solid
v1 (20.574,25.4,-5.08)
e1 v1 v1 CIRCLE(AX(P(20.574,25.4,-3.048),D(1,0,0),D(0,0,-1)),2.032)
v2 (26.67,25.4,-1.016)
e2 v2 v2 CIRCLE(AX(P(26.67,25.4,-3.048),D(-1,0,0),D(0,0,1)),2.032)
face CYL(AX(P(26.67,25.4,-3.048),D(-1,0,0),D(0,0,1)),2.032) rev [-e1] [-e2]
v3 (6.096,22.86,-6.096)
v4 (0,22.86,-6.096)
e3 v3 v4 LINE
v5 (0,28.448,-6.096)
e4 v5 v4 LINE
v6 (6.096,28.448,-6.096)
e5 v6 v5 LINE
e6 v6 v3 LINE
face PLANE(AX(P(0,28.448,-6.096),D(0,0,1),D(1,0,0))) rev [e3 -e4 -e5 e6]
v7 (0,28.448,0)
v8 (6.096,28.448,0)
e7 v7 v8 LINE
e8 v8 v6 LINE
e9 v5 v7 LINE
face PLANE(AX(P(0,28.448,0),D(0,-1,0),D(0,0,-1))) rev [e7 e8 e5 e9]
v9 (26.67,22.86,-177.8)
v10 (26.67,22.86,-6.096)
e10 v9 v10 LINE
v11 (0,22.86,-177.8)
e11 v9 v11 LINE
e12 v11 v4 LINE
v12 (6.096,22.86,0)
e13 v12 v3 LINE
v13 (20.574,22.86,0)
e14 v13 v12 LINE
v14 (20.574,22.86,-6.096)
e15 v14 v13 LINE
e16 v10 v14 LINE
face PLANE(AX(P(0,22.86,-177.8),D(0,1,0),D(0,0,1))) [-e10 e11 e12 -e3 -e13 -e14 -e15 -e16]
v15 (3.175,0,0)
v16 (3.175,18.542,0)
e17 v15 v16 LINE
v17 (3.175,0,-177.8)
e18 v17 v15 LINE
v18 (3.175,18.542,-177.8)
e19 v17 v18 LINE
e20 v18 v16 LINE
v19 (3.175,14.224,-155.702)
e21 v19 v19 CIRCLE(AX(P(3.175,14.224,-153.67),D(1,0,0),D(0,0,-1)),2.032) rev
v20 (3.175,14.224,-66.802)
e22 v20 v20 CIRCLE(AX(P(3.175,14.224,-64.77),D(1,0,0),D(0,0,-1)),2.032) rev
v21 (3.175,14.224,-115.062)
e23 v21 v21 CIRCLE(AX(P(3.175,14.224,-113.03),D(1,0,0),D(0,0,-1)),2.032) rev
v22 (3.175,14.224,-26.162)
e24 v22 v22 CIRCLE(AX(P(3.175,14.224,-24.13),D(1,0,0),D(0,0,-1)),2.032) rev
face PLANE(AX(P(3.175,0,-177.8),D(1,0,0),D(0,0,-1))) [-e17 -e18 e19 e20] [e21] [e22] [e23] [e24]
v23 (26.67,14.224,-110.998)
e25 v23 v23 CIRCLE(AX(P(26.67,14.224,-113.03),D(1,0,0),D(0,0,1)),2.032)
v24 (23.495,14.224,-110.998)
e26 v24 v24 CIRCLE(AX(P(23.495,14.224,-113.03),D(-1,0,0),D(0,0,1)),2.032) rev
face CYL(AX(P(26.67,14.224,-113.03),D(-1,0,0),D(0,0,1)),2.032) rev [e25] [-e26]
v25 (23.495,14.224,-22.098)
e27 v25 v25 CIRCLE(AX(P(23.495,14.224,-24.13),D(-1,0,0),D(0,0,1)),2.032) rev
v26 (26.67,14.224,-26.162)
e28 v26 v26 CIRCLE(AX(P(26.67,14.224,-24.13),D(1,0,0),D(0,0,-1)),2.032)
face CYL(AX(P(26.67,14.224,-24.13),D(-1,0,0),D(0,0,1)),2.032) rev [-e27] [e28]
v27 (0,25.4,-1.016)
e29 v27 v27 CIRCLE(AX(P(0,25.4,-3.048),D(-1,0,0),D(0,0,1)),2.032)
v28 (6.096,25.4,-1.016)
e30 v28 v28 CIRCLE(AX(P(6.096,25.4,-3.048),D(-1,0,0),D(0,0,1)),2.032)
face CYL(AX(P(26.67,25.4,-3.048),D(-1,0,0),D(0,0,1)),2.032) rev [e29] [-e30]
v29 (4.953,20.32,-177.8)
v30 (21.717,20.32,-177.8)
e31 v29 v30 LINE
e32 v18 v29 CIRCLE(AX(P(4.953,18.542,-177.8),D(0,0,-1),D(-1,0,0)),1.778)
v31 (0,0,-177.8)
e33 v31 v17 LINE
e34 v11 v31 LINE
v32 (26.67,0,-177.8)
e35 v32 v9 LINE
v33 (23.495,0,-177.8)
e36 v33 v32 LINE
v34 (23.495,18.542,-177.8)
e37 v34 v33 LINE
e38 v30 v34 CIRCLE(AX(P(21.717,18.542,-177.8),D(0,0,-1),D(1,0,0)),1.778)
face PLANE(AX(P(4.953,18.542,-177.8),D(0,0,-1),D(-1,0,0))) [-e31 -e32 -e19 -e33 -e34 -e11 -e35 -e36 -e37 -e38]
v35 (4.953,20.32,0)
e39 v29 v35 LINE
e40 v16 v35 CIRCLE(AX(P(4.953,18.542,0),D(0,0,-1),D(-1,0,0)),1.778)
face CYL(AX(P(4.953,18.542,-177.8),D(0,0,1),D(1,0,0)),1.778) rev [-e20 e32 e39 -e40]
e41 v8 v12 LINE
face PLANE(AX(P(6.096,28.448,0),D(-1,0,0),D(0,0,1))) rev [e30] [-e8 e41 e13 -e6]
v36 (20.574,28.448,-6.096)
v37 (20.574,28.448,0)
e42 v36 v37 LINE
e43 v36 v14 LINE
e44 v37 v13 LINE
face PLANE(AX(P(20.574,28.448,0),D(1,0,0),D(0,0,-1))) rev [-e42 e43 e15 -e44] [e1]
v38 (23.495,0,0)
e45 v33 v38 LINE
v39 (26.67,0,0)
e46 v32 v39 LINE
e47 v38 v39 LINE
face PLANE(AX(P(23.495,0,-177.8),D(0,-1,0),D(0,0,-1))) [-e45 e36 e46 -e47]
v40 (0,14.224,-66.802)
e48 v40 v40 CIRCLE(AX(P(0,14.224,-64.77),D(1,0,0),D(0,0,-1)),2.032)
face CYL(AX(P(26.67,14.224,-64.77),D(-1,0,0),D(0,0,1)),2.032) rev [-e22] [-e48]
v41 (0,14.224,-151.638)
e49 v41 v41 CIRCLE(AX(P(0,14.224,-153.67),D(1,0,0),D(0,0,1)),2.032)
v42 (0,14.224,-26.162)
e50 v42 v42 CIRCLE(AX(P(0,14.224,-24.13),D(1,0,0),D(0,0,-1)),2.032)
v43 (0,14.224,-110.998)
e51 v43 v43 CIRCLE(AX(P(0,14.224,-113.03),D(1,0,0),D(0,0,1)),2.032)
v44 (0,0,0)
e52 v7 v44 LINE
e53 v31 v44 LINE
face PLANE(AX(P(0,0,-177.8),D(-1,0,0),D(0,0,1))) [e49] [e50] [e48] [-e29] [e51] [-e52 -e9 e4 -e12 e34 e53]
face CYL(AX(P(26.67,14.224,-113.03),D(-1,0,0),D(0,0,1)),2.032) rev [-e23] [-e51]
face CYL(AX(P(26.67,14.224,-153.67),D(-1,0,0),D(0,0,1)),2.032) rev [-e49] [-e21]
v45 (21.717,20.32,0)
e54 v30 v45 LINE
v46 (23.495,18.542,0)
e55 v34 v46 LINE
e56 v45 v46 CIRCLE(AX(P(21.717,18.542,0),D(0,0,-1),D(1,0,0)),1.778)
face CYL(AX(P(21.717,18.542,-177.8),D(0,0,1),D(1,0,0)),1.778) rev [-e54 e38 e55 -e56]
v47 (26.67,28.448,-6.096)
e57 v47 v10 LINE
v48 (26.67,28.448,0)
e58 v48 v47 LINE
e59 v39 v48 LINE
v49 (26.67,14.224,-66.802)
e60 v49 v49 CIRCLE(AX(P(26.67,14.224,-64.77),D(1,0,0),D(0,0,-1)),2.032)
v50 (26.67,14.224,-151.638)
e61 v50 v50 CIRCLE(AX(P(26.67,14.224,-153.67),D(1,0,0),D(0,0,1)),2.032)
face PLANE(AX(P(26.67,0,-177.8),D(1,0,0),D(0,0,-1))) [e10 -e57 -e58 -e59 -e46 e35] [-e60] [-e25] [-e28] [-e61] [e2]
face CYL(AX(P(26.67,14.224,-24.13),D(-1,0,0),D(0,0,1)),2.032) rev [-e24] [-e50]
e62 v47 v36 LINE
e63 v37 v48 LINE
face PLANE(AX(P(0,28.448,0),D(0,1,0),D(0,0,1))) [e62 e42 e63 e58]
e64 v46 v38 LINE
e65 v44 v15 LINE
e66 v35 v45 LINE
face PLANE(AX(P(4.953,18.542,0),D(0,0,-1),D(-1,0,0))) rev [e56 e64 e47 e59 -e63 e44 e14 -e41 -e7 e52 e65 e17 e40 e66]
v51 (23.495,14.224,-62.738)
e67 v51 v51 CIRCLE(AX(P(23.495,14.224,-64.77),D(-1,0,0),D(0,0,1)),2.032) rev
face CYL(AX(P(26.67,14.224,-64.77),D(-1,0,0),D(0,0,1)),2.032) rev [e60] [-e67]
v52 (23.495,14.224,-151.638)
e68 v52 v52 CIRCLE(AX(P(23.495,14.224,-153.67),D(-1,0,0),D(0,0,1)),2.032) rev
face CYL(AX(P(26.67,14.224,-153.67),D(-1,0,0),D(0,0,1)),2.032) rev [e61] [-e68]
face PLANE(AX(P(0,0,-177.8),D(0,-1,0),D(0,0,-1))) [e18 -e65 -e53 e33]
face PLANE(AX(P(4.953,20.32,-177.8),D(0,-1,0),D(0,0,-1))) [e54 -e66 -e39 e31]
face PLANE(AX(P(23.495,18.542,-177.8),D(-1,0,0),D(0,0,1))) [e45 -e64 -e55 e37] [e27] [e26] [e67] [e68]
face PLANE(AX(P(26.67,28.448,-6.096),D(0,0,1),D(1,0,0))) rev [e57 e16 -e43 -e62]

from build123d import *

# Parameters (mm, degrees)
BOSS_EXTRUDE2_DEPTH     = 177.8
SKETCH19_R              = 2.032
CUT_EXTRUDE3_DEPTH      = 182.236609161
SKETCH21_W              = 6.096
SKETCH21_H              = 6.096
BOSS_EXTRUDE4_DEPTH     = 5.588
CUT_EXTRUDE4_DEPTH      = 182.233049359
CUT_EXTRUDE4_DEPTH_BACK = 182.233049359
SKETCH22_R              = 2.032


with BuildPart() as part:
    # Sketch2 → Boss-Extrude2 (new body)
    with BuildSketch(Plane.XY):
        with BuildLine():
            Line((0, 0), (0, 22.86))
            Line((0, 22.86), (26.67, 22.86))
            Line((26.67, 22.86), (26.67, 0))
            Line((26.67, 0), (23.495, 0))
            Line((23.495, 0), (23.495, 18.542))
            ThreePointArc((23.495, 18.542), (22.974235857, 19.799235857), (21.717, 20.32))
            Line((21.717, 20.32), (4.953, 20.32))
            ThreePointArc((4.953, 20.32), (3.695764143, 19.799235857), (3.175, 18.542))
            Line((3.175, 18.542), (3.175, 0))
            Line((3.175, 0), (0, 0))
        make_face()
    extrude(amount=-BOSS_EXTRUDE2_DEPTH)

    # Sketch19 → Cut-Extrude3 (cut, through all)
    with BuildSketch(Plane(origin=(0, 0, 0), x_dir=(0, 0, -1), z_dir=(1, 0, 0))):
        with Locations((24.13, 14.224)):
            Circle(SKETCH19_R)
        with Locations((64.77, 14.224)):
            Circle(SKETCH19_R)
        with Locations(Location((113.03, 14.224, 0), (0, 0, 180))):
            Circle(SKETCH19_R)
        with Locations(Location((153.67, 14.224, 0), (0, 0, 180))):
            Circle(SKETCH19_R)
    extrude(amount=CUT_EXTRUDE3_DEPTH, mode=Mode.SUBTRACT)

    # Sketch21 → Boss-Extrude4 (add)
    with BuildSketch(Plane(origin=(0, 22.86, 0), x_dir=(1, 0, 0), z_dir=(0, 1, 0))):
        with Locations((3.048, 3.048)):
            Rectangle(SKETCH21_W, SKETCH21_H)
        with Locations((23.622, 3.048)):
            Rectangle(SKETCH21_W, SKETCH21_H)
    extrude(amount=BOSS_EXTRUDE4_DEPTH)

    # Sketch22 → Cut-Extrude4 (cut, two sides: drawn at the far end of the back side and taken through both)
    with BuildSketch(Plane.ZY.offset(-20.574).offset(-CUT_EXTRUDE4_DEPTH_BACK)):
        with Locations((-3.048, 25.4)):
            Circle(SKETCH22_R)
    extrude(amount=CUT_EXTRUDE4_DEPTH + CUT_EXTRUDE4_DEPTH_BACK, mode=Mode.SUBTRACT)


solid = part.part
